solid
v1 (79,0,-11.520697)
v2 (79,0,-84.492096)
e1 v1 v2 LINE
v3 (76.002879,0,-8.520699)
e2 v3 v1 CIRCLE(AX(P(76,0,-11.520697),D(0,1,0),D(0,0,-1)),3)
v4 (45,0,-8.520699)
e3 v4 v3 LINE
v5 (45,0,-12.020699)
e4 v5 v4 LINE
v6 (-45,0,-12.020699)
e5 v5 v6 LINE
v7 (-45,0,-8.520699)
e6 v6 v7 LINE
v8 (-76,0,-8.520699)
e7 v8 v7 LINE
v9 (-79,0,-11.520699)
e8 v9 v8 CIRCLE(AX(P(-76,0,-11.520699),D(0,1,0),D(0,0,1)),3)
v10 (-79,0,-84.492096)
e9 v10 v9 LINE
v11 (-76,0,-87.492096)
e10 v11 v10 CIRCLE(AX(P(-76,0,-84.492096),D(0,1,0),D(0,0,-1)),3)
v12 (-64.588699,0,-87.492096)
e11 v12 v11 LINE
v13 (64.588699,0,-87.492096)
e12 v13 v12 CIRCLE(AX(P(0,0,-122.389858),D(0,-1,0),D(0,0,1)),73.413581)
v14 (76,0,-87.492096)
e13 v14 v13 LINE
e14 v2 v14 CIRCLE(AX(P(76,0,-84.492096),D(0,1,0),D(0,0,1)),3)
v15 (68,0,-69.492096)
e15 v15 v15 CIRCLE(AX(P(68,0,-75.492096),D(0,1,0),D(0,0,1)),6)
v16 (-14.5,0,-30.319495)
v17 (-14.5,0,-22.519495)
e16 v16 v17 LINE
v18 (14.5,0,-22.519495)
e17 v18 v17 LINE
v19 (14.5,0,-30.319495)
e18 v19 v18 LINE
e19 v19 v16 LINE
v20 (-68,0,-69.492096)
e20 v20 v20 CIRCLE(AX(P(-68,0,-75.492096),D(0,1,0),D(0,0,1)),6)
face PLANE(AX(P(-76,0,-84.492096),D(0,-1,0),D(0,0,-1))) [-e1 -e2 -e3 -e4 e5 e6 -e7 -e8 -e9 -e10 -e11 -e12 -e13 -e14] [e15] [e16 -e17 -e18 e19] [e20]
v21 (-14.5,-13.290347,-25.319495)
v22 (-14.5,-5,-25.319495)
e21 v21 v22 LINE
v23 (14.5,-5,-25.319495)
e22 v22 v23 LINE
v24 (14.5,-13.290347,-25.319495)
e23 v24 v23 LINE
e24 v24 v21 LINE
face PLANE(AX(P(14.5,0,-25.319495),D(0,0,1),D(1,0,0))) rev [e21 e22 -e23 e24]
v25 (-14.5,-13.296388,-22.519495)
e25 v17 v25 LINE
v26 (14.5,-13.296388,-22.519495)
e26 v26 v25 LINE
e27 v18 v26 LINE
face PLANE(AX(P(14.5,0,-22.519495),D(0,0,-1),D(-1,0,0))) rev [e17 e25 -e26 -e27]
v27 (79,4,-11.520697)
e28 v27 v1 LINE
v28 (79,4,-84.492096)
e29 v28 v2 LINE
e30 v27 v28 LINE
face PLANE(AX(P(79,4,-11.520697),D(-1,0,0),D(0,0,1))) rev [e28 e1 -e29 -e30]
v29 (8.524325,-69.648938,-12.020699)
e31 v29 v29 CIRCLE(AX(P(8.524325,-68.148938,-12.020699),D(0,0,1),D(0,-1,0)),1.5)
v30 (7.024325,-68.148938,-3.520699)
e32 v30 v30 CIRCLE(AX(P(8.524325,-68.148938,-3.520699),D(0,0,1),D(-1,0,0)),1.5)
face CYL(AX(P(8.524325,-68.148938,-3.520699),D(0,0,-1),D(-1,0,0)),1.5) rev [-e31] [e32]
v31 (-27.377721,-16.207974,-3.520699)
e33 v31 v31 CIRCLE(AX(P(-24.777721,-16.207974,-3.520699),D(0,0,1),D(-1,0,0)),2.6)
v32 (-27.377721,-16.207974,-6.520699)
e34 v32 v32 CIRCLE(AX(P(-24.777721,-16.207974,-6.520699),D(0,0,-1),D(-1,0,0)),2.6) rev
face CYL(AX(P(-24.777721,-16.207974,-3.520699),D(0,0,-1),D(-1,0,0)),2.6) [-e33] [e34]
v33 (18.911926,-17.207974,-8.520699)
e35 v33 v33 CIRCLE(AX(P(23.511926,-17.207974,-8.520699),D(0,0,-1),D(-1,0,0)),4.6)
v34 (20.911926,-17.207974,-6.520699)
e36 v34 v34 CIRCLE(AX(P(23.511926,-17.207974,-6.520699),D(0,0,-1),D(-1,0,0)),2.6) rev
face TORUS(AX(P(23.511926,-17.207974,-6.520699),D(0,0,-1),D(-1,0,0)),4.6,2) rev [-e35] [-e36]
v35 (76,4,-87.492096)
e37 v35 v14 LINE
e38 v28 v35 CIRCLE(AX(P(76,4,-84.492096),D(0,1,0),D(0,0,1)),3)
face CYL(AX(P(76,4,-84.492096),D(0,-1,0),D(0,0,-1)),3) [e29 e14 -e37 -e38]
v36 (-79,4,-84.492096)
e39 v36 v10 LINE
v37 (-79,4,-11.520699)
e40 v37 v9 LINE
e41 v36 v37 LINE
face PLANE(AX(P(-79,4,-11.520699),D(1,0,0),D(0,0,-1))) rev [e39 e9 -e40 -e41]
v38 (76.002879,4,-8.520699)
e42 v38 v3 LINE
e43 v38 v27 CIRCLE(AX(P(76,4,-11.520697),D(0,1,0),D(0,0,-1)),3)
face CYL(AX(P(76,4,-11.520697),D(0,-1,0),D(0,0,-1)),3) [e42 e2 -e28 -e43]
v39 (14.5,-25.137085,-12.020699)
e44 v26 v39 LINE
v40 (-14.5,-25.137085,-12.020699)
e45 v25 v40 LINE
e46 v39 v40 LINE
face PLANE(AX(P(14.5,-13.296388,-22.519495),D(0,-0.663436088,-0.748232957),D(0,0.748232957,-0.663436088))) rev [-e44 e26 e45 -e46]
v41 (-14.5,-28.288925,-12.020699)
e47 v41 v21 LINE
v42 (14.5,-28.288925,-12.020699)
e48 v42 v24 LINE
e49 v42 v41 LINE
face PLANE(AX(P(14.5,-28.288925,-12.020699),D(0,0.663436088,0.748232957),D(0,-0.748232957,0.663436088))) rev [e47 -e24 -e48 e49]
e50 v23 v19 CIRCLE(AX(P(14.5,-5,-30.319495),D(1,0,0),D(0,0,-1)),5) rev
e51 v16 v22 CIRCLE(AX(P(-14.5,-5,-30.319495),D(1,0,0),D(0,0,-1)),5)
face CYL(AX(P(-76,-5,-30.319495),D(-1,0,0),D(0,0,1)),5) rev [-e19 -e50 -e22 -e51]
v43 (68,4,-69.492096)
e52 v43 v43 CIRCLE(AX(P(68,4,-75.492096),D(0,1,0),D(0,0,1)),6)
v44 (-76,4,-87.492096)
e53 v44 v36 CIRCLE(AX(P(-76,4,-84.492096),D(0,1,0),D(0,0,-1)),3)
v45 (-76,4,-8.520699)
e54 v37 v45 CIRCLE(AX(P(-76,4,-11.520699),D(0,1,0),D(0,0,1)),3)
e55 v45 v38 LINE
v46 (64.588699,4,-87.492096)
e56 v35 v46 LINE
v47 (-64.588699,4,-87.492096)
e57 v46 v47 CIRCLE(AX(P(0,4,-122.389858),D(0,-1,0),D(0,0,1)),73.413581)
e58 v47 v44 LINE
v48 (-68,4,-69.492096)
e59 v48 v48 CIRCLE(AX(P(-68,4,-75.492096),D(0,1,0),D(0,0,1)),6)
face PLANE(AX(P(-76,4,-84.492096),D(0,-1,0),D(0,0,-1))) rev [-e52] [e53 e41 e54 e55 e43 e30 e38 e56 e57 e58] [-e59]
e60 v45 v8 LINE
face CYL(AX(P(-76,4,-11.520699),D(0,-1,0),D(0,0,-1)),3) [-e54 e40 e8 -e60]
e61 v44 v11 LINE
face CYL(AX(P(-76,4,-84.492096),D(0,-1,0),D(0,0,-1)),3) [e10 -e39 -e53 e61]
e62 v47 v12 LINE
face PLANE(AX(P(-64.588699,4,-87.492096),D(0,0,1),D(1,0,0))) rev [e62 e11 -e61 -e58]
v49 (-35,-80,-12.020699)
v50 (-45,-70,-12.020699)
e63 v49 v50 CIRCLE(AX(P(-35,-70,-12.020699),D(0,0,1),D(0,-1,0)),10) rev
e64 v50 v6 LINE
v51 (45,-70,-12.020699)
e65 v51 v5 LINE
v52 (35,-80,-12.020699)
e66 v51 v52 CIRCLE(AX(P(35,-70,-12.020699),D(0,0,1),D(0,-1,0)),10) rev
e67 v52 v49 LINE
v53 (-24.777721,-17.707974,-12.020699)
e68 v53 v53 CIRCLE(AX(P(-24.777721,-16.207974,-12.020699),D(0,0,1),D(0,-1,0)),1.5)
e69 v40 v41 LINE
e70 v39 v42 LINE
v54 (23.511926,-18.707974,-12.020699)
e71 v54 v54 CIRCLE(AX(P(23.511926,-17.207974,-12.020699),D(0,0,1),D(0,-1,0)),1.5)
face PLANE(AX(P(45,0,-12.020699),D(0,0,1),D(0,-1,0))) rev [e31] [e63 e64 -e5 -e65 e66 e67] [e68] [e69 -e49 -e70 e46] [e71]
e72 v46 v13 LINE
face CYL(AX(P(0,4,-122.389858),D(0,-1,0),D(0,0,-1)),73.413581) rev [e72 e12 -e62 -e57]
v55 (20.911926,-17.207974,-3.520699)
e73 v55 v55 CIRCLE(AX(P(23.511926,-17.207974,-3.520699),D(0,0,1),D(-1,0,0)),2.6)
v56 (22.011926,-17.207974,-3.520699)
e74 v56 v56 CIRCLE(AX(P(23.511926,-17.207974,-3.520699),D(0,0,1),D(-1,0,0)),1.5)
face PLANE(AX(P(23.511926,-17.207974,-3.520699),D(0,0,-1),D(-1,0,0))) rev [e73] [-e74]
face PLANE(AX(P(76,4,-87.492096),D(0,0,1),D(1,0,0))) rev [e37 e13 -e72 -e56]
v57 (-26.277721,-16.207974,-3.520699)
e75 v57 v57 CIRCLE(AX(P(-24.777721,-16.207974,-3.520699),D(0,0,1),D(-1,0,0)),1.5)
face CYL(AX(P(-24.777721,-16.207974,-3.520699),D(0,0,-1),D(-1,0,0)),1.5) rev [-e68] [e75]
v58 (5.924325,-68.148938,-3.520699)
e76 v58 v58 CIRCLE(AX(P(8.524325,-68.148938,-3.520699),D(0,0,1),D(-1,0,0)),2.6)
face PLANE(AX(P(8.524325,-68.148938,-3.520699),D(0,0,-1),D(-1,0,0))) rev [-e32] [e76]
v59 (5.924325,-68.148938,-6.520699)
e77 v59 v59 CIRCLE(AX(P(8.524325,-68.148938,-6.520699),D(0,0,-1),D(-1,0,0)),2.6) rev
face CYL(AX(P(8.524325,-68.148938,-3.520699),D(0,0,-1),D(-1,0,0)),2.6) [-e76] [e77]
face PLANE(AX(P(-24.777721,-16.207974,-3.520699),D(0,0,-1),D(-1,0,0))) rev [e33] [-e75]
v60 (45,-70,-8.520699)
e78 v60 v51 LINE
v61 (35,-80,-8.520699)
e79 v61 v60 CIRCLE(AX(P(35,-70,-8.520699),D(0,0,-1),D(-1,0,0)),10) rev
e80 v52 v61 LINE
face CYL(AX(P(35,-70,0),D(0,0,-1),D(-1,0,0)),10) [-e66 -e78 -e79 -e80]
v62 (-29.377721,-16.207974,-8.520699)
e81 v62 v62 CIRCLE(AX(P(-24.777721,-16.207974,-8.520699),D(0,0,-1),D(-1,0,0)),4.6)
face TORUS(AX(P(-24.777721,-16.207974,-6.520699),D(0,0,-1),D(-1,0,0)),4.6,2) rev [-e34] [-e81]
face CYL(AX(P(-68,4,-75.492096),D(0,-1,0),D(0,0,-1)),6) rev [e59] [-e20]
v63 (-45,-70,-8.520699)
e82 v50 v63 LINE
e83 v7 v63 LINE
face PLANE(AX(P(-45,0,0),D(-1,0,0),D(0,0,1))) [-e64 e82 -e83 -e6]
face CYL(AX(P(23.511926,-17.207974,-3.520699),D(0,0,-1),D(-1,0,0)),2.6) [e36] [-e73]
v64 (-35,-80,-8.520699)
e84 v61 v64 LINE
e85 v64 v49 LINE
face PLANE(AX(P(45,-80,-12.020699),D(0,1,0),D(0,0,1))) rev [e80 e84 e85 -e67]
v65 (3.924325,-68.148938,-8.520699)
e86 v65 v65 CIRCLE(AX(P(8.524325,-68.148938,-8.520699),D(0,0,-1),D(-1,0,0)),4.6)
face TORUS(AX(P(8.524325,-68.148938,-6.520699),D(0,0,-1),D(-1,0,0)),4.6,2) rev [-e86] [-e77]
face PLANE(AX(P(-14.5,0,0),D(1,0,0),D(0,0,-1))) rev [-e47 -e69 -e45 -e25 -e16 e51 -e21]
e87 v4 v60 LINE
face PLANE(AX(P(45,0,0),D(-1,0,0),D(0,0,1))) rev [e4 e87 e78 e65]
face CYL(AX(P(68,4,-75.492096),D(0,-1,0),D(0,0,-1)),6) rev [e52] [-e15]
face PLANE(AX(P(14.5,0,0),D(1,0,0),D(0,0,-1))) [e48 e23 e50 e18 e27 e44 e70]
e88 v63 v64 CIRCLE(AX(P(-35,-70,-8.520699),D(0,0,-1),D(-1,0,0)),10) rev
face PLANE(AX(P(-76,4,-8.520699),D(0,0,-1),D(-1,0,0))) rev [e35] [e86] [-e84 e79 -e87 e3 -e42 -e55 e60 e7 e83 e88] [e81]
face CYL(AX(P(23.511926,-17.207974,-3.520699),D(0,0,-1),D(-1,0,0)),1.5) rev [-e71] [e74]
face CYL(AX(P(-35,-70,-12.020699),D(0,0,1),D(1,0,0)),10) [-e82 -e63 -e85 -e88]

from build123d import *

# Parameters (mm, degrees)
SKETCH_217_R        = 6
EXTRUDE_1_DEPTH     = 4
SKETCH_2_W          = 3.5
SKETCH_2_H          = 80
EXTRUDE_3_DEPTH     = 45
EXTRUDE_4_DEPTH     = 14.5
SKETCH_10_R         = 2.6
SKETCH_10_R_2       = 1.5
EXTRUDE_5_DEPTH     = 5
FILLET_1_R          = 2
FILLET_2_R          = 2
FILLET_3_R          = 10
FILLET_4_R          = 10
FILLET_5_R          = 5
SKETCH_12_R         = 1.5
CUT_EXTRUDE_1_DEPTH = 5


with BuildPart() as part:
    # Sketch 217 → 凸台-拉伸1 (new body)
    with BuildSketch(Plane(origin=(0, 0, 0), x_dir=(1, 0, 0), z_dir=(0, 1, 0))):
        with BuildLine():
            Line((79, 11.520697427), (79, 84.492095777))
            ThreePointArc((79, 84.492095777), (78.121320344, 86.613416121), (76, 87.492095777))
            Line((76, 87.492095777), (64.588699332, 87.492095777))
            ThreePointArc((64.588699332, 87.492095777), (0, 48.976277018), (-64.588699332, 87.492095777))
            Line((-64.588699332, 87.492095777), (-76, 87.492095777))
            ThreePointArc((-76, 87.492095777), (-78.121320344, 86.613416121), (-79, 84.492095777))
            Line((-79, 84.492095777), (-79, 11.520698809))
            ThreePointArc((-79, 11.520698809), (-78.121320344, 9.399378465), (-76, 8.520698809))
            Line((-76, 8.520698809), (76.002879086, 8.520698809))
            ThreePointArc((76.002879086, 8.520698809), (78.12233801, 9.400395239), (79, 11.520697427))
        make_face()
        with Locations(Location((68, 75.492095777, 0), (0, 0, 270))):  # turned: the seam where the file's is
            Circle(SKETCH_217_R, mode=Mode.SUBTRACT)
        with Locations(Location((-68, 75.492095777, 0), (0, 0, 270))):  # turned: the seam where the file's is
            Circle(SKETCH_217_R, mode=Mode.SUBTRACT)
    extrude(amount=EXTRUDE_1_DEPTH)

    # 草图2 → 凸台-拉伸3 (add, symmetric)
    with BuildSketch(Plane(origin=(0, 0, 0), x_dir=(0, 0, -1), z_dir=(1, 0, 0))):
        with Locations((10.270698809, -40)):
            Rectangle(SKETCH_2_W, SKETCH_2_H)
    extrude(amount=EXTRUDE_3_DEPTH, both=True)

    # 草图11 → 凸台-拉伸4 (add, symmetric)
    with BuildSketch(Plane(origin=(0, 0, 0), x_dir=(0, 0, -1), z_dir=(1, 0, 0))):
        Polygon((22.519495234, 0), (25.319495234, 0), (25.319495234, -13.290347232), (12.020698809, -28.288925016), (12.020698809, -25.13708489), (22.519495234, -13.2963882), align=None)
    extrude(amount=EXTRUDE_4_DEPTH, both=True)

    # 草图10 → 凸台-拉伸5 (add)
    with BuildSketch(Plane.XY.offset(-8.520698809)):
        with Locations(Location((23.511926173, -17.207974392, 0), (0, 0, 180))):  # turned: the seam where the file's is
            Circle(SKETCH_10_R)
        with Locations(Location((23.511926173, -17.207974392, 0), (0, 0, 180))):  # turned: the seam where the file's is
            Circle(SKETCH_10_R_2, mode=Mode.SUBTRACT)
        with Locations(Location((-24.77772075, -16.207974392, 0), (0, 0, 180))):  # turned: the seam where the file's is
            Circle(SKETCH_10_R)
        with Locations(Location((-24.77772075, -16.207974392, 0), (0, 0, 180))):  # turned: the seam where the file's is
            Circle(SKETCH_10_R_2, mode=Mode.SUBTRACT)
        with Locations(Location((8.524325101, -68.1489384, 0), (0, 0, 180))):  # turned: the seam where the file's is
            Circle(SKETCH_10_R)
        with Locations(Location((8.524325101, -68.1489384, 0), (0, 0, 180))):  # turned: the seam where the file's is
            Circle(SKETCH_10_R_2, mode=Mode.SUBTRACT)
    extrude(amount=EXTRUDE_5_DEPTH)

    # 圆角1
    fillet_1_edges = [part.edges().sort_by_distance(p)[0] for p in [
        (11.124325101, -68.1489384, -8.520698809),
    ]]
    fillet(fillet_1_edges, radius=FILLET_1_R)

    # 圆角2
    fillet_2_edges = [part.edges().sort_by_distance(p)[0] for p in [
        (26.111926173, -17.207974392, -8.520698809),
        (-22.17772075, -16.207974392, -8.520698809),
    ]]
    fillet(fillet_2_edges, radius=FILLET_2_R)

    # 圆角3
    fillet_3_edges = [part.edges().sort_by_distance(p)[0] for p in [
        (45, -80, -10.270698809),
    ]]
    fillet(fillet_3_edges, radius=FILLET_3_R)

    # 圆角4
    fillet_4_edges = [part.edges().sort_by_distance(p)[0] for p in [
        (-45, -80, -10.270698809),
    ]]
    fillet(fillet_4_edges, radius=FILLET_4_R)

    # 圆角5
    fillet_5_edges = [part.edges().sort_by_distance(p)[0] for p in [
        (0, 0, -25.319495234),
    ]]
    fillet(fillet_5_edges, radius=FILLET_5_R)

    # 草图12 → 切除-拉伸1 (cut)
    with BuildSketch(Plane.XY.offset(-8.520698809)):
        with Locations(Location((-24.77772075, -16.207974392, 0), (0, 0, 180))):  # turned: the seam where the file's is
            Circle(SKETCH_12_R)
        with Locations(Location((23.511926173, -17.207974392, 0), (0, 0, 180))):  # turned: the seam where the file's is
            Circle(SKETCH_12_R)
        with Locations(Location((8.524325101, -68.1489384, 0), (0, 0, 180))):  # turned: the seam where the file's is
            Circle(SKETCH_12_R)
    extrude(amount=-CUT_EXTRUDE_1_DEPTH, mode=Mode.SUBTRACT)


solid = part.part
